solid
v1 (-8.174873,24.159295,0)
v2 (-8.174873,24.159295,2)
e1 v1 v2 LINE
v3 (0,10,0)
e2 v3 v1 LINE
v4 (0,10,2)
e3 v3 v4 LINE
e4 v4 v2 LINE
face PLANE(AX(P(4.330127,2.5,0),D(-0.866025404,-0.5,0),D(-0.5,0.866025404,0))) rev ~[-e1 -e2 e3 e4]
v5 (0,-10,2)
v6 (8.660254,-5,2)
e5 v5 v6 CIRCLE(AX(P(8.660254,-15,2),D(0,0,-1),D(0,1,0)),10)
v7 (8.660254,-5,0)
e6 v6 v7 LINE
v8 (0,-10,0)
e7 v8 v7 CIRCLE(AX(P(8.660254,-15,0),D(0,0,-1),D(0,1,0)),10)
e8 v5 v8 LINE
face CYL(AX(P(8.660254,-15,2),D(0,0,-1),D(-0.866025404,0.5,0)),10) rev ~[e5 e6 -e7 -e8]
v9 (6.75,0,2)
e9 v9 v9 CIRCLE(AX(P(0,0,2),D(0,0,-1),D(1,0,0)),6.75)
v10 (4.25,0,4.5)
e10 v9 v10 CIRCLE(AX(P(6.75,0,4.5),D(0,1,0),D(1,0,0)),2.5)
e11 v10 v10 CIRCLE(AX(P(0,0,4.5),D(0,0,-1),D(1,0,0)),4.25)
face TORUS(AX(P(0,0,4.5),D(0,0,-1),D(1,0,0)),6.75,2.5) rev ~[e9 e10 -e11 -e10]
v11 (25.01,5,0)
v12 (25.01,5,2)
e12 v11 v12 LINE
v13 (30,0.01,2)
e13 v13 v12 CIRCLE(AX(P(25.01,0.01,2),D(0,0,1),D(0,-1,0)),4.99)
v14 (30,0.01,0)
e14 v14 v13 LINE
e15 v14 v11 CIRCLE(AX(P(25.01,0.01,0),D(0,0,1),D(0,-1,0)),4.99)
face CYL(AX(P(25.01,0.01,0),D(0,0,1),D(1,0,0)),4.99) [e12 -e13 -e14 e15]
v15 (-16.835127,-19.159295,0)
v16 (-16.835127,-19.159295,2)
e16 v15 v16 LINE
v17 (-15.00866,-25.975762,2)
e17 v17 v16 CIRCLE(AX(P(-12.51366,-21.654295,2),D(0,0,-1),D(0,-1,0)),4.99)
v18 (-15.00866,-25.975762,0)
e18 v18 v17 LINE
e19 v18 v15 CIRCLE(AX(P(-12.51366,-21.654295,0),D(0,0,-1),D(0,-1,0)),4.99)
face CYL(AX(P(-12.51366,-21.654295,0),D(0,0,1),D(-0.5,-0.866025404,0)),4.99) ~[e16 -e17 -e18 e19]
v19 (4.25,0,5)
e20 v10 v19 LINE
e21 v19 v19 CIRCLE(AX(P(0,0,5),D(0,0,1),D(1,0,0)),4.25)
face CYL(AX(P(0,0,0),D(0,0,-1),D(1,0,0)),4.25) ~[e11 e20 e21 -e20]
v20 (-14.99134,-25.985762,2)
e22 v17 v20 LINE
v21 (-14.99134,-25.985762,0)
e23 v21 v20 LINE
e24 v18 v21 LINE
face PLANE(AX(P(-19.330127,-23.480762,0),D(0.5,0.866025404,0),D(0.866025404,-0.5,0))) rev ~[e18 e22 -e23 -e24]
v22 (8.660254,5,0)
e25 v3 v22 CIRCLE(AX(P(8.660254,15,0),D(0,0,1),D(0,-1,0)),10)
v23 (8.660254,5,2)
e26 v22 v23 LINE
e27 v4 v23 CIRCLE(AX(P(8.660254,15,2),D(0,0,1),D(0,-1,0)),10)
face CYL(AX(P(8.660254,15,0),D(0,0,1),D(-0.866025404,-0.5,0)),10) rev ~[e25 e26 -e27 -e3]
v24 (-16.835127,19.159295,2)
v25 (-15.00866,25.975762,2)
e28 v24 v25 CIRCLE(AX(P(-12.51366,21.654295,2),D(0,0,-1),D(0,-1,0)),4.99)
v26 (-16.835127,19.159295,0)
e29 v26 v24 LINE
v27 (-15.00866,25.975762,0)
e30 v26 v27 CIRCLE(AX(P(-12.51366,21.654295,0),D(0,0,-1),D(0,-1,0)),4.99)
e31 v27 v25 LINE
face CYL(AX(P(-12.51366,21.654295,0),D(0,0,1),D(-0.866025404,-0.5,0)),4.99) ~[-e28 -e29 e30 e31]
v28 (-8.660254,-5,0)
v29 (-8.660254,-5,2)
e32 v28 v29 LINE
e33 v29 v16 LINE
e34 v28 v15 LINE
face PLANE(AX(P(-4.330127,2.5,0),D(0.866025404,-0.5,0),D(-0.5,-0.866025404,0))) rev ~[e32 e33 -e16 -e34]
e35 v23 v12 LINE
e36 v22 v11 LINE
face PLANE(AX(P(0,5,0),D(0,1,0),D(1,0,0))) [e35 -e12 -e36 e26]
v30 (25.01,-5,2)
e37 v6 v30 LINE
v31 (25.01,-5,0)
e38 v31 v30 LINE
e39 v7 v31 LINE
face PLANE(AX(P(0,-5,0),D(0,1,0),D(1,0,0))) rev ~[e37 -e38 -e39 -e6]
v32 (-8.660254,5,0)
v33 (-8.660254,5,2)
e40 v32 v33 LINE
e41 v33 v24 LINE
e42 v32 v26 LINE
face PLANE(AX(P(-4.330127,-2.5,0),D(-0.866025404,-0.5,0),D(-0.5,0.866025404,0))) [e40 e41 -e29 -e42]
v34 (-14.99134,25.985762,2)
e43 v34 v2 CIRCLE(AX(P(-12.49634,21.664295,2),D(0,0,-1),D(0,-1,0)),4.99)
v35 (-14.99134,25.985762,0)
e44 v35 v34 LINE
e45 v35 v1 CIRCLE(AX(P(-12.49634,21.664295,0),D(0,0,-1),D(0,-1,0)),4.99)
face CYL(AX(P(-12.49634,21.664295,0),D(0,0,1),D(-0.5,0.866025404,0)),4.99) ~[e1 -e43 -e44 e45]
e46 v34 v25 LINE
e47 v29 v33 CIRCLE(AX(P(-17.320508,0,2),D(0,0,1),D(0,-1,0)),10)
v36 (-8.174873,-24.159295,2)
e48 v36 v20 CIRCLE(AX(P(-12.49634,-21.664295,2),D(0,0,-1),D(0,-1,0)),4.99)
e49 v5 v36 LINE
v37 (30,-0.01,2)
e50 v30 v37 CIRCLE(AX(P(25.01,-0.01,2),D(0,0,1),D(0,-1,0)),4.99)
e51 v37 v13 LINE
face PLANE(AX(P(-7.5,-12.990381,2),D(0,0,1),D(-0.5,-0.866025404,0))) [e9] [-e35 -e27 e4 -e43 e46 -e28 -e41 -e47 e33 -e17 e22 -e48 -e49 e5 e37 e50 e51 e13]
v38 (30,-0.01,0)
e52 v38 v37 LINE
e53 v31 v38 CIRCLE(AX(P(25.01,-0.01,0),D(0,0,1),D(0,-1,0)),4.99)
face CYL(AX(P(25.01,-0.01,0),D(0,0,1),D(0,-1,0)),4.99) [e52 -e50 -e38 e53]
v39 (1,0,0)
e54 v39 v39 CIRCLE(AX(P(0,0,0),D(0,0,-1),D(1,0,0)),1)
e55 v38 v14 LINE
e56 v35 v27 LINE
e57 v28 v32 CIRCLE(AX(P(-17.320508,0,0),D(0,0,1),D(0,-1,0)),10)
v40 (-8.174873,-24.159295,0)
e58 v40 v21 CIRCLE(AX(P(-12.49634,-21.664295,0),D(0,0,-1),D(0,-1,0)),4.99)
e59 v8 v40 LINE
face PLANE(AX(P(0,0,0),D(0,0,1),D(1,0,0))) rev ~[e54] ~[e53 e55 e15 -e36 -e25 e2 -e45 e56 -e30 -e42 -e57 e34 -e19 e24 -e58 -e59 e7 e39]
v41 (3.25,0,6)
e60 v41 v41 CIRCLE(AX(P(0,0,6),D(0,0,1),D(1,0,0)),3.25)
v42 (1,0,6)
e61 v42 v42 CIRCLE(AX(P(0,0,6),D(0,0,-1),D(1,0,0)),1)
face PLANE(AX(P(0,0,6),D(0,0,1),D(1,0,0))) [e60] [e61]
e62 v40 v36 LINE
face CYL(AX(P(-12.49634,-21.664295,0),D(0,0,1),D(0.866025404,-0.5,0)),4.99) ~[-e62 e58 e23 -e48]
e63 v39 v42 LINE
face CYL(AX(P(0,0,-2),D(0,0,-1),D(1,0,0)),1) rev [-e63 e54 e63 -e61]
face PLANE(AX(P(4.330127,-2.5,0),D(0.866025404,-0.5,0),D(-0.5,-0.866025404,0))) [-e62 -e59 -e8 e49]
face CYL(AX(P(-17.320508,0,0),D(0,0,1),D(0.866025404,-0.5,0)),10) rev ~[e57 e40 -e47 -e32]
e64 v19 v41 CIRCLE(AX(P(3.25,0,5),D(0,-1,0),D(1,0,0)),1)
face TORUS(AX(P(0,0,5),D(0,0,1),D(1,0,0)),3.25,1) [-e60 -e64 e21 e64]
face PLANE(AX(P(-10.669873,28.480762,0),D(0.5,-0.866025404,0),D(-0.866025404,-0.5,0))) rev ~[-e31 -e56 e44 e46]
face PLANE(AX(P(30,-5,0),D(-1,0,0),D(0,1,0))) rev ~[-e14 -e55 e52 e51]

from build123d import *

# Parameters (mm, degrees)
CYLINDER_R        = 1
CYLINDER_DEPTH    = 10
CYLINDER001_R     = 4.25
CYLINDER001_DEPTH = 6
BOX_W             = 30
BOX_H             = 10
BOX_DEPTH         = 2
ARRAY_COUNT       = 3
FILLET_1_R        = 10
FILLET_2_R        = 4.99
FILLET001_1_R     = 2.5
FILLET001_2_R     = 1


with BuildPart() as hueco_eje_central:
    # Cylinder → Cylinder (new body)
    with BuildSketch(Plane.XY.offset(-2)):
        Circle(CYLINDER_R)
    extrude(amount=CYLINDER_DEPTH)


with BuildPart() as cilindro_base_soporte:
    # Cylinder001 → Cylinder001 (new body)
    with BuildSketch(Plane.XY):
        Circle(CYLINDER001_R)
    extrude(amount=CYLINDER001_DEPTH)


with BuildPart() as pala_triple_r30:
    # Box → Box (new body)
    with BuildSketch(Plane(origin=(0, -5, 0), x_dir=(1, 0, 0), z_dir=(0, 0, 1))):
        with Locations((15, 5)):
            Rectangle(BOX_W, BOX_H)
    extrude(amount=BOX_DEPTH)

    # Array: Pala triple R30 ×3 about axis
    array_axis = Axis((0, 0, 0), (0, 0, 1))


with BuildPart() as pala_triple_r30_1:
    add(pala_triple_r30.part)
    for i in range(1, ARRAY_COUNT):
        add(pala_triple_r30.part.rotate(array_axis, i * 360 / ARRAY_COUNT))

    # Fillet 1
    fillet_1_edges = [pala_triple_r30_1.edges().sort_by_distance(p)[0] for p in [
        (2.886751, -5, 1),
        (2.886751, 5, 1),
        (-5.773503, 0, 1),
    ]]
    fillet(fillet_1_edges, radius=FILLET_1_R)

    # Fillet 2
    fillet_2_edges = [pala_triple_r30_1.edges().sort_by_distance(p)[0] for p in [
        (30, -5, 1),
        (30, 5, 1),
        (-10.669873, -28.480762, 1),
        (-10.669873, 28.480762, 1),
        (-19.330127, -23.480762, 1),
        (-19.330127, 23.480762, 1),
    ]]
    fillet(fillet_2_edges, radius=FILLET_2_R)

    # Fusion001: union Cilindro base soporte
    add(cilindro_base_soporte.part)

    # Fillet001 1
    fillet001_1_edges = [pala_triple_r30_1.edges().sort_by_distance(p)[0] for p in [
        (-4.25, 0, 2),
    ]]
    fillet(fillet001_1_edges, radius=FILLET001_1_R)

    # Fillet001 2
    fillet001_2_edges = [pala_triple_r30_1.edges().sort_by_distance(p)[0] for p in [
        (-4.25, 0, 6),
    ]]
    fillet(fillet001_2_edges, radius=FILLET001_2_R)

    # Cut: cut hueco eje central
    add(hueco_eje_central.part, mode=Mode.SUBTRACT)


solid = pala_triple_r30_1.part
